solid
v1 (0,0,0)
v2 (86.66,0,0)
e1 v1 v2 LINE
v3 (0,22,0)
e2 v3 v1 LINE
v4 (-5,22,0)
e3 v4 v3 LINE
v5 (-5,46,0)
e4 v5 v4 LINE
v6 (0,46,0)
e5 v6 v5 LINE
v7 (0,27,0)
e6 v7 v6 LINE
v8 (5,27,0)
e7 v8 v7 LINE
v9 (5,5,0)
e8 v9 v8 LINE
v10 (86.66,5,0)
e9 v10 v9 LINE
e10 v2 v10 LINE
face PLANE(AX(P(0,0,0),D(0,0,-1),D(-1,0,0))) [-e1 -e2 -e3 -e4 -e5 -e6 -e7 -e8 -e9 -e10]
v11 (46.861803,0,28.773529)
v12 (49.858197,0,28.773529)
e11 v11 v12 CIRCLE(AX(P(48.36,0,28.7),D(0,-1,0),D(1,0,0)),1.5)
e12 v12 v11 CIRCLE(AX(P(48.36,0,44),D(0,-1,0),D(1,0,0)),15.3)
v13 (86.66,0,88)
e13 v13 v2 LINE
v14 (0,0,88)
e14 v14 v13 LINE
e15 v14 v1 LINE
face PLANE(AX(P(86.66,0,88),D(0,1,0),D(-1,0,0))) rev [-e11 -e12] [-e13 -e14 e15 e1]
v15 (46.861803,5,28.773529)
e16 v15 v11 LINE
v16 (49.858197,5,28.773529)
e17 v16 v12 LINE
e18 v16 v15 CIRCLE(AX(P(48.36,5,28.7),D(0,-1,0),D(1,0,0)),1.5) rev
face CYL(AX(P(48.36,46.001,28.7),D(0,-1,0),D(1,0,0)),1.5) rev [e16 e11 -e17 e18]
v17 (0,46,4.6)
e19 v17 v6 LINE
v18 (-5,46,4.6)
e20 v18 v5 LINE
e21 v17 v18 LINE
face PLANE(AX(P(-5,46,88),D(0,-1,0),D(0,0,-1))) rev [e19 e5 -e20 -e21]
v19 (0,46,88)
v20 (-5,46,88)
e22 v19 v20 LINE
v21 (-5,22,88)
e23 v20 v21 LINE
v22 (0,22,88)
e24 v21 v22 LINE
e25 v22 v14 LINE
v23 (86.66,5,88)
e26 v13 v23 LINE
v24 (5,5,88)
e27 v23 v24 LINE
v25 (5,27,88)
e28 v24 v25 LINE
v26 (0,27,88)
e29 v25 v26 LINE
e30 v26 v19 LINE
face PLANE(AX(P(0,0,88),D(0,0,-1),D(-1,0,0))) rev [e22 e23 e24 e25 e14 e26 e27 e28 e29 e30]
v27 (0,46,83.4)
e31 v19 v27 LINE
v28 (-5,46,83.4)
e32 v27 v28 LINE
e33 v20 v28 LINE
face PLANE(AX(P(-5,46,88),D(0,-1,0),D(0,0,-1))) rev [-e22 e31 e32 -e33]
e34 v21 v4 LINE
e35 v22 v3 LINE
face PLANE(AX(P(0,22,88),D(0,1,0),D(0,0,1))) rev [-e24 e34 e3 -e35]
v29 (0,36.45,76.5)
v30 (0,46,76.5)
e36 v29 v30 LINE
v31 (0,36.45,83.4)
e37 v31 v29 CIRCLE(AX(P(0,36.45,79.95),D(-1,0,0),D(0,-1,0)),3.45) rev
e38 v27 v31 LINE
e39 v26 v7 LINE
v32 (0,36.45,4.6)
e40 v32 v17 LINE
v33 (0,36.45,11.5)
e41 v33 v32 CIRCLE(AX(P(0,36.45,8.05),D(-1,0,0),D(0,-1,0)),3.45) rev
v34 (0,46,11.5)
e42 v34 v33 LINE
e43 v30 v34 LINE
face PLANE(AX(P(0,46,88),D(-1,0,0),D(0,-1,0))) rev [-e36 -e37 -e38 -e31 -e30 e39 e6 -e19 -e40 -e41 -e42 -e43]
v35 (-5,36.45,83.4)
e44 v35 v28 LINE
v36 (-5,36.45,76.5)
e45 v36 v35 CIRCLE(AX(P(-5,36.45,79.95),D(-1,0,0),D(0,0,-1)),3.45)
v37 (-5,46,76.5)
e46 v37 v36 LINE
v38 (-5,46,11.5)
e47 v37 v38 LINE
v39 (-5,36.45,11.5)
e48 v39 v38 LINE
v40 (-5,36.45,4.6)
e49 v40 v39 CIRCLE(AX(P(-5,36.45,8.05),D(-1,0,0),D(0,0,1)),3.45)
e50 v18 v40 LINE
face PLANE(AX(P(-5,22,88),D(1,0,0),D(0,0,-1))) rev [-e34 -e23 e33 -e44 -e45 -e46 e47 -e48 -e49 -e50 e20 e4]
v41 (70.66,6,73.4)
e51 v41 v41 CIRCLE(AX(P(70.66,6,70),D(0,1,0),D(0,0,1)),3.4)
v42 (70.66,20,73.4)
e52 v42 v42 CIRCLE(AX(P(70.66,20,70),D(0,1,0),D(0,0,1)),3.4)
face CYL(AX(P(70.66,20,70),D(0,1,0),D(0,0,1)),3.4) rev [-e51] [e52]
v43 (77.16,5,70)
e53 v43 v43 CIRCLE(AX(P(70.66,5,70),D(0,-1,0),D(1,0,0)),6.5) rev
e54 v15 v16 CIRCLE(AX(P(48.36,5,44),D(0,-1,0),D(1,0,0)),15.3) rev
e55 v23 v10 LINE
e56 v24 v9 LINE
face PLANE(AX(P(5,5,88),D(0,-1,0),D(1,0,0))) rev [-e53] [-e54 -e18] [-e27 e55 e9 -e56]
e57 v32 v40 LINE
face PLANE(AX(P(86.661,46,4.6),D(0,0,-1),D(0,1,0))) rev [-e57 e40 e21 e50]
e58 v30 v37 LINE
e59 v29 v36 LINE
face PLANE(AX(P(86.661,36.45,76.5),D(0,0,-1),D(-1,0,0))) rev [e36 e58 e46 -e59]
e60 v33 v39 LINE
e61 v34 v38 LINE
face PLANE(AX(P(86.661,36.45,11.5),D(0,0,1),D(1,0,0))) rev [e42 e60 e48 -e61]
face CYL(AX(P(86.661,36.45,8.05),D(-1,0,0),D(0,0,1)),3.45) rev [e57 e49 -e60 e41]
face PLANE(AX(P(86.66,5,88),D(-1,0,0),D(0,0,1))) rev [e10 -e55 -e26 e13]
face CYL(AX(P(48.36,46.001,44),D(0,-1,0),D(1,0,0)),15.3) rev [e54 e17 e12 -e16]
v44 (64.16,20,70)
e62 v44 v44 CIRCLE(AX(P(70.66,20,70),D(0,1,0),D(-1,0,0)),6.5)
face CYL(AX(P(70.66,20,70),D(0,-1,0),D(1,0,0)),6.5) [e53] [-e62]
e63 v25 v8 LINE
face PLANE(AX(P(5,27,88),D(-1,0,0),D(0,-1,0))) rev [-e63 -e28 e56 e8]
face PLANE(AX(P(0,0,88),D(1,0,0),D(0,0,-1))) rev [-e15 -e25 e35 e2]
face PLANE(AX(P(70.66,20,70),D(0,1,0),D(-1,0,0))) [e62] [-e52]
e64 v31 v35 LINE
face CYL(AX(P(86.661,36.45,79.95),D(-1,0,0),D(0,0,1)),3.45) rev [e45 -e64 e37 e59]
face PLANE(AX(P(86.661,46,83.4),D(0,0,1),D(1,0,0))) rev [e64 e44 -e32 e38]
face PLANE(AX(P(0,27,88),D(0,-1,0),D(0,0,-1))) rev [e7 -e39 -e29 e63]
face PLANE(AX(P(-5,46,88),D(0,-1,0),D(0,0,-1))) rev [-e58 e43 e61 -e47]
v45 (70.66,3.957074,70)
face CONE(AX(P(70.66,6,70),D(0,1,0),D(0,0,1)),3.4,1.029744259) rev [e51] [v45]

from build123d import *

# Parameters (mm, degrees)
P_IDAT_VYSUNUT_M1_DEPTH  = 88
ODEBRAT_VYSUNUT_M1_REACH = 93.66
ODEBRAT_VYSUNUT_M2_REACH = 48
SKICA4_R                 = 6.5
P_IDAT_VYSUNUT_M2_DEPTH  = 15
M8_Z_VIT1_D              = 6.8
M8_Z_VIT1_DEPTH          = 14
M8_Z_VIT1_TIP            = 2.042926105


with BuildPart() as part:
    # Skica1 → Přidat vysunutím1 (new body)
    with BuildSketch(Plane.XY):
        Polygon((0, 0), (0, 22), (-5, 22), (-5, 46), (0, 46), (0, 27), (5, 27), (5, 5), (86.66, 5), (86.66, 0), align=None)
    extrude(amount=P_IDAT_VYSUNUT_M1_DEPTH)

    # Skica2 → Odebrat vysunutím1 (cut, up to next)
    with BuildSketch(Plane.ZY.offset(5), mode=Mode.PRIVATE) as odebrat_vysunut_m1_sk1:
        with BuildLine():
            Line((4.6, 46), (4.6, 36.45))
            ThreePointArc((4.6, 36.45), (8.05, 33), (11.5, 36.45))
            Line((11.5, 36.45), (11.5, 46))
            Line((11.5, 46), (4.6, 46))
        make_face()
    odebrat_vysunut_m1_tool1 = extrude(odebrat_vysunut_m1_sk1.sketch, amount=-ODEBRAT_VYSUNUT_M1_REACH, mode=Mode.PRIVATE) & part.part
    add(odebrat_vysunut_m1_tool1.solids().sort_by_distance((-5, 39.846006, 8.05))[0], mode=Mode.SUBTRACT)
    # Skica2 → Odebrat vysunutím1 (cut, up to next)
    with BuildSketch(Plane.ZY.offset(5), mode=Mode.PRIVATE) as odebrat_vysunut_m1_sk2:
        with BuildLine():
            Line((83.4, 46), (76.5, 46))
            Line((76.5, 46), (76.5, 36.45))
            ThreePointArc((76.5, 36.45), (79.95, 33), (83.4, 36.45))
            Line((83.4, 36.45), (83.4, 46))
        make_face()
    odebrat_vysunut_m1_tool2 = extrude(odebrat_vysunut_m1_sk2.sketch, amount=-ODEBRAT_VYSUNUT_M1_REACH, mode=Mode.PRIVATE) & part.part
    add(odebrat_vysunut_m1_tool2.solids().sort_by_distance((-5, 39.846006, 79.95))[0], mode=Mode.SUBTRACT)

    # Skica3 → Odebrat vysunutím2 (cut, up to next)
    with BuildSketch(Plane.XZ, mode=Mode.PRIVATE) as odebrat_vysunut_m2_sk1:
        with BuildLine():
            ThreePointArc((49.858196725, 28.773529412), (48.36, 59.3), (46.861803275, 28.773529412))
            ThreePointArc((46.861803275, 28.773529412), (48.36, 27.2), (49.858196725, 28.773529412))
        make_face()
    odebrat_vysunut_m2_tool1 = extrude(odebrat_vysunut_m2_sk1.sketch, amount=-ODEBRAT_VYSUNUT_M2_REACH, mode=Mode.PRIVATE) & part.part
    add(odebrat_vysunut_m2_tool1.solids().sort_by_distance((48.36, 0, 43.922265))[0], mode=Mode.SUBTRACT)

    # Skica4 → Přidat vysunutím2 (add)
    with BuildSketch(Plane(origin=(0, 5, 0), x_dir=(1, 0, 0), z_dir=(0, 1, 0))):
        with Locations((70.66, -70)):
            Circle(SKICA4_R)
    extrude(amount=P_IDAT_VYSUNUT_M2_DEPTH)

    # M8 závit1
    with Locations(Plane(origin=(0, 20, 0), x_dir=(1, 0, 0), z_dir=(0, 1, 0))):
        with Locations((70.66, -70)):
            Hole(M8_Z_VIT1_D / 2, depth=M8_Z_VIT1_DEPTH)
            with Locations((0, 0, -(M8_Z_VIT1_DEPTH + M8_Z_VIT1_TIP / 2))):  # 118° drill point
                Cone(0, M8_Z_VIT1_D / 2, M8_Z_VIT1_TIP, mode=Mode.SUBTRACT)


solid = part.part
